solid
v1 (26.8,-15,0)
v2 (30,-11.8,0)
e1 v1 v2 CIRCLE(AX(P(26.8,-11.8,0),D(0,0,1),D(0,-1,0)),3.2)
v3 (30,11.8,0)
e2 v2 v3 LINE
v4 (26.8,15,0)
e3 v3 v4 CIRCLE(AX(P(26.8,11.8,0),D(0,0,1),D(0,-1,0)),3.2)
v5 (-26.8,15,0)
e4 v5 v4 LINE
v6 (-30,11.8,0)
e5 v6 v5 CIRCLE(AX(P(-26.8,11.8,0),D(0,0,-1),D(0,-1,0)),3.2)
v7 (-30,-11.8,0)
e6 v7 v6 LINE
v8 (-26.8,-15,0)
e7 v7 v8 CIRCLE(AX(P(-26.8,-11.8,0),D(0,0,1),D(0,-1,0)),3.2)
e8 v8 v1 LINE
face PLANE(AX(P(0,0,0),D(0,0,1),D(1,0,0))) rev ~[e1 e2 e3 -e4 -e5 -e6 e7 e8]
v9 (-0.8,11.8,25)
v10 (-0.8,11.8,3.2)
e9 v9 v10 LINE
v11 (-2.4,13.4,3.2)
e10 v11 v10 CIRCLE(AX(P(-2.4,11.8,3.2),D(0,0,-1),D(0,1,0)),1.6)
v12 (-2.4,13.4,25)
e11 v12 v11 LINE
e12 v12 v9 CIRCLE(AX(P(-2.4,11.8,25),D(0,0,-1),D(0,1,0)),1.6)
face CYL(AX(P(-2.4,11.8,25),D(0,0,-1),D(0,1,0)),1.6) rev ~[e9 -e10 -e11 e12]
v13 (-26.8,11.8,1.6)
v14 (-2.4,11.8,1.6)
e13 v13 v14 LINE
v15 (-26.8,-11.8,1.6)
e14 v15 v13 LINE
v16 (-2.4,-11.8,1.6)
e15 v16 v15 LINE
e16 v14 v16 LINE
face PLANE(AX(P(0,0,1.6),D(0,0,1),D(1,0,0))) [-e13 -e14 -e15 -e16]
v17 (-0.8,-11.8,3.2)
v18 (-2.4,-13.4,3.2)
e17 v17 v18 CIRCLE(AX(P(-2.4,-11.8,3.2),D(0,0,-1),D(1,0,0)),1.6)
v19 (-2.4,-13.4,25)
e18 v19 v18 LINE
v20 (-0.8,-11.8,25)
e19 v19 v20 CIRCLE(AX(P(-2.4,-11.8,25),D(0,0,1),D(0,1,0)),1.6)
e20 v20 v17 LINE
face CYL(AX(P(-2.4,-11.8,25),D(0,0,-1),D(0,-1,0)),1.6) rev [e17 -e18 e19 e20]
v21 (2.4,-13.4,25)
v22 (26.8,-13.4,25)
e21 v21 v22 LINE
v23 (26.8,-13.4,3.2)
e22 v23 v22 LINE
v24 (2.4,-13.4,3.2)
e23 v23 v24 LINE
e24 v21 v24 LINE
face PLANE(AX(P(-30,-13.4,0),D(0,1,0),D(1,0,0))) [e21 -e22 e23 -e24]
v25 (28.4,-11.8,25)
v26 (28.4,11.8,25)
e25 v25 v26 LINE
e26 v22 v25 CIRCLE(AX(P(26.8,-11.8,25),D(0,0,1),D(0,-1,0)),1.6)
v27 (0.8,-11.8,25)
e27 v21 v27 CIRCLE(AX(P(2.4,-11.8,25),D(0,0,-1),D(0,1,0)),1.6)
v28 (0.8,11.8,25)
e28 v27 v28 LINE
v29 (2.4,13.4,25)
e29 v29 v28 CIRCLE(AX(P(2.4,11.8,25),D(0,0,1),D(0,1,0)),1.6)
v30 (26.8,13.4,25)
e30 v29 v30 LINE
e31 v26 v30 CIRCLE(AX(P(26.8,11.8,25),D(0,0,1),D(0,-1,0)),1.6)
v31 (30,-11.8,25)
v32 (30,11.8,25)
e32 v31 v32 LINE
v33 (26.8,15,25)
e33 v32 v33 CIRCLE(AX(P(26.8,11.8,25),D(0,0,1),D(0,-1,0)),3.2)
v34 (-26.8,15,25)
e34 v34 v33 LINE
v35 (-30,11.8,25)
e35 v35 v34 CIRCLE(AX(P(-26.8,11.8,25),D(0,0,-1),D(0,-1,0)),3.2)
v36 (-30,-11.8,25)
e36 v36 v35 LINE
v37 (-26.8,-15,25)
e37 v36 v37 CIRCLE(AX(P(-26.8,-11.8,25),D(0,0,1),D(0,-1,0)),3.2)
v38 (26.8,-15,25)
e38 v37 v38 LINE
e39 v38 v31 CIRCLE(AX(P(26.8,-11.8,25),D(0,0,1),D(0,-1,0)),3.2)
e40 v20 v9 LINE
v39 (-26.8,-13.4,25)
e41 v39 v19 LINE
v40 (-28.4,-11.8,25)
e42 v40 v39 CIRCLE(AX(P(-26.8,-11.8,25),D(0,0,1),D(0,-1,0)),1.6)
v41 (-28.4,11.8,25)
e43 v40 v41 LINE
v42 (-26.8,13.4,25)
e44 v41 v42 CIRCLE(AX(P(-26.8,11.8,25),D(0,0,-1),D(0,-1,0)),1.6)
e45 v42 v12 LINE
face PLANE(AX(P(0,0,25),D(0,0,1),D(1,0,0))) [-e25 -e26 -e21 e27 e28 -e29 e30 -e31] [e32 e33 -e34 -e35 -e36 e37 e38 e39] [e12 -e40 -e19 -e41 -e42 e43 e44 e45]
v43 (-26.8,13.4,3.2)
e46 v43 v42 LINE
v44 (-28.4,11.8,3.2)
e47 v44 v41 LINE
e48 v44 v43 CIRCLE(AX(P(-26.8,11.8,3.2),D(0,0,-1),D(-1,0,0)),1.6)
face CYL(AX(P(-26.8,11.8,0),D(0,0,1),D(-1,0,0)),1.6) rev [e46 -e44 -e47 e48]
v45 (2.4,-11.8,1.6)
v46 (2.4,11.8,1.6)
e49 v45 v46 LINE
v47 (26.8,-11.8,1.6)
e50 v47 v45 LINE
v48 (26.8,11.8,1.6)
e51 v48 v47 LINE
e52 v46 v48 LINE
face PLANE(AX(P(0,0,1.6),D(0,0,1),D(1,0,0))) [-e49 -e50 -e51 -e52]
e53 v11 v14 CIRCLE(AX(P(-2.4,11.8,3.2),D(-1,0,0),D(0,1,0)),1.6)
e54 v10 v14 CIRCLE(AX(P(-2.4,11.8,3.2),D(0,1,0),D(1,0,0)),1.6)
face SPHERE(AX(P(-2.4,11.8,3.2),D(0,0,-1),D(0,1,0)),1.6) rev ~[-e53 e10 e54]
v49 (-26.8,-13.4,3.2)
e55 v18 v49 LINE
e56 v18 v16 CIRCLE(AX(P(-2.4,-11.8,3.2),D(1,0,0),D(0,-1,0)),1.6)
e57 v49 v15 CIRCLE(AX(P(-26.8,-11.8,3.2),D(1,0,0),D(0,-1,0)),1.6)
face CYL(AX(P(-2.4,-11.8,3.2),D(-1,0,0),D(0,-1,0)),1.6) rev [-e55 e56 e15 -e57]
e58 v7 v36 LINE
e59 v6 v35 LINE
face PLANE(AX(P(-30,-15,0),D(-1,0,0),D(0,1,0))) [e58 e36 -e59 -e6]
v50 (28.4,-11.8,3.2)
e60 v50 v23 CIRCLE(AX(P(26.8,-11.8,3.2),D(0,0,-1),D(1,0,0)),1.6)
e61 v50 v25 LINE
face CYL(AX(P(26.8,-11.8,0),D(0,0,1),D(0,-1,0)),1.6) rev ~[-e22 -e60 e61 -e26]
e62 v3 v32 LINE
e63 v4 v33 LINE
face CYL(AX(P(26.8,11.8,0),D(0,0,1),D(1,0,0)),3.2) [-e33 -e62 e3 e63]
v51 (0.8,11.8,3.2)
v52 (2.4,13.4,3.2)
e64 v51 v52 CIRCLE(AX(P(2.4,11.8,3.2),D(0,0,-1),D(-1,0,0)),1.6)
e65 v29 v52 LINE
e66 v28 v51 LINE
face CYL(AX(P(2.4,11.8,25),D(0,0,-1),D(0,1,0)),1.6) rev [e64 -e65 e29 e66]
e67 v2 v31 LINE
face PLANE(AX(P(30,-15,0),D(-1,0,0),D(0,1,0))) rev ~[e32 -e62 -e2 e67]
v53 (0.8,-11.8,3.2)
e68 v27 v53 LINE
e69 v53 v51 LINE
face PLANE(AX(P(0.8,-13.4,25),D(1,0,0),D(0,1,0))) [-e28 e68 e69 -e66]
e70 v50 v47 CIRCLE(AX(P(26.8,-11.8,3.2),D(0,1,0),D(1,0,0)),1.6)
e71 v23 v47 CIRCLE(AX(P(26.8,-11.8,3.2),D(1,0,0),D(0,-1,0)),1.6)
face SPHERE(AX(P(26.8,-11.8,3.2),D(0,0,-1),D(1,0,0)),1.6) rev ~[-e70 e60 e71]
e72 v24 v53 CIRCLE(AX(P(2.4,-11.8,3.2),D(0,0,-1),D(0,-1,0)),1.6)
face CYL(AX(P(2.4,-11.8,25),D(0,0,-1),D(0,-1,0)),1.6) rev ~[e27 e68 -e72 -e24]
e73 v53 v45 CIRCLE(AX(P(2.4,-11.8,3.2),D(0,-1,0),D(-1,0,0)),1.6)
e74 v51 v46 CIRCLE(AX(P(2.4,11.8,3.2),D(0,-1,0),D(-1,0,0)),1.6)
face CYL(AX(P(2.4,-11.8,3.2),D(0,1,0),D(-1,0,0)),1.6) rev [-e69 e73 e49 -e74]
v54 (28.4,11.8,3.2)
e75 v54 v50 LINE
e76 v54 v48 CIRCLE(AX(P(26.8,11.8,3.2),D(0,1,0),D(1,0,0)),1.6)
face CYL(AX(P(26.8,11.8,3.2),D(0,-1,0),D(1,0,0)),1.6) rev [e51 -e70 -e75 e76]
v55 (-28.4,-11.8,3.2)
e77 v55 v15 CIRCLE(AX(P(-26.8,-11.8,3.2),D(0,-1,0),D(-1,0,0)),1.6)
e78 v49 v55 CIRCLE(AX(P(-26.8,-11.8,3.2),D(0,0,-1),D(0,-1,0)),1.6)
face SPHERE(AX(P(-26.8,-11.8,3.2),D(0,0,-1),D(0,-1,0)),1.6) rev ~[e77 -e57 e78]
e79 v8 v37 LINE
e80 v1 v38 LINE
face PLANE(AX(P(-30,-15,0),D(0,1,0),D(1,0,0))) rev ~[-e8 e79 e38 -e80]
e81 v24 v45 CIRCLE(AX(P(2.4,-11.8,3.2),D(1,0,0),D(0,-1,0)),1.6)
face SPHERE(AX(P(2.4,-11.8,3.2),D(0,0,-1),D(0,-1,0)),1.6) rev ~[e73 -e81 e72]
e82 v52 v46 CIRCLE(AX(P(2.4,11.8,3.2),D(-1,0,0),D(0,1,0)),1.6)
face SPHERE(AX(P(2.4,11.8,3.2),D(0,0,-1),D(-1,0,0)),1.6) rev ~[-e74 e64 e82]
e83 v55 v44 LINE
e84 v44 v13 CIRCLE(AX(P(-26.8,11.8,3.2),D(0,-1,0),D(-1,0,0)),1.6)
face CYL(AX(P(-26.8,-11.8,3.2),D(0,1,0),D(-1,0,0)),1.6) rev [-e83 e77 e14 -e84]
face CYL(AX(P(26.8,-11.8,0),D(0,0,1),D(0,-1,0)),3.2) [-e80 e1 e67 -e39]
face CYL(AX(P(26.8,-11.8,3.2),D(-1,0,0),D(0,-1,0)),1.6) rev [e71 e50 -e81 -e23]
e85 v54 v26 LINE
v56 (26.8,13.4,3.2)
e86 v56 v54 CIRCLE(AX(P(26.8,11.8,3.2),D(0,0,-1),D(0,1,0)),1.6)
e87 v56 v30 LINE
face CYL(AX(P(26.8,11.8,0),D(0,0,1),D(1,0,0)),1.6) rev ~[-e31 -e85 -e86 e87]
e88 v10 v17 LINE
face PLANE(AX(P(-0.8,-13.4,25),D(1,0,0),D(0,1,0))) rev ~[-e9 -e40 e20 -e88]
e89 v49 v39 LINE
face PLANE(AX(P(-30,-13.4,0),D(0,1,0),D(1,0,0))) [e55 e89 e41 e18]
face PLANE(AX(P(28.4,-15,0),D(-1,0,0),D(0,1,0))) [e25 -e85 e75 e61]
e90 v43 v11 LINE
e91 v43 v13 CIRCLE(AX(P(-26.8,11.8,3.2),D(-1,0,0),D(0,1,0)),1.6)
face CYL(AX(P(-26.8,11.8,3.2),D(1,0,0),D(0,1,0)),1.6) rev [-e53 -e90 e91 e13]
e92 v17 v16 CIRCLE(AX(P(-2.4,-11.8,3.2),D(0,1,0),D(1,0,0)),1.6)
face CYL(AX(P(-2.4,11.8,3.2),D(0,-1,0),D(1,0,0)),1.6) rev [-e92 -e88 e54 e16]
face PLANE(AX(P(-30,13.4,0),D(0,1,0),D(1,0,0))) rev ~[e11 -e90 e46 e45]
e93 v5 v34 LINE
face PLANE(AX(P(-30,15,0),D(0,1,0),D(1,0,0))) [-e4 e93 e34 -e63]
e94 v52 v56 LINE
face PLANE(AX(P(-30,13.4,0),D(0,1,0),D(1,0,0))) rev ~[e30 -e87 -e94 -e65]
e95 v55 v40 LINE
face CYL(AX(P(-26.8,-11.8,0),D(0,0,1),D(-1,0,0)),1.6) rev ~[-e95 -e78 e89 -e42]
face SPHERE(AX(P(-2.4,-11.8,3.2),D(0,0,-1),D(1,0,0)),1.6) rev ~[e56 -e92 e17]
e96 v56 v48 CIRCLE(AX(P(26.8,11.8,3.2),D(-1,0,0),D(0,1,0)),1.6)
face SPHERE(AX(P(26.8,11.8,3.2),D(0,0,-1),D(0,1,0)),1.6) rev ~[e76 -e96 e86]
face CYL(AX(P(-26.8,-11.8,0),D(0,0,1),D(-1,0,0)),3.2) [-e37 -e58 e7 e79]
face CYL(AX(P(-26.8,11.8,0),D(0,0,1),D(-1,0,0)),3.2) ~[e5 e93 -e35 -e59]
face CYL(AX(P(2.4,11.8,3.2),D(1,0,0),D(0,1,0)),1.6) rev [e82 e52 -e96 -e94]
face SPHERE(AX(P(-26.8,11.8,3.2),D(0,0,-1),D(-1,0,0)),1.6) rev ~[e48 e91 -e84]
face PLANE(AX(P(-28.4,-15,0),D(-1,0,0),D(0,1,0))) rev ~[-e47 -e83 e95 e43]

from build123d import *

# Parameters (mm, degrees)
F0_W     = 60
F0_H     = 30
F1_DEPTH = 25
F2_R     = 3.2
F3_T     = -1.6
F4_W     = 1.6
F4_H     = 26.8
F5_DEPTH = 23.4
F6_R     = 1.6
F7_R     = 1.6


with BuildPart() as f1:
    # F0 (on Top) → F1 (new body)
    with BuildSketch(Plane.XY):
        Rectangle(F0_W, F0_H)
    extrude(amount=F1_DEPTH)

    # F2
    f2_edges = [f1.edges().sort_by_distance(p)[0] for p in [
        (-30, 15, 12.5),
        (-30, -15, 12.5),
        (30, -15, 12.5),
        (30, 15, 12.5),
    ]]
    fillet(f2_edges, radius=F2_R)

    # F3
    f3_openings = [f1.faces().sort_by_distance(p)[0] for p in [
        (0, 0, 25),
    ]]
    offset(amount=F3_T, openings=f3_openings)

    # F4 (on face) → F5 (join, through all)
    with BuildSketch(Plane.XY.offset(25)):
        Rectangle(F4_W, F4_H)
    extrude(amount=-F5_DEPTH)

    # F6
    f6_edges = [f1.edges().sort_by_distance(p)[0] for p in [
        (-0.8, 13.4, 13.3),
        (0.8, 13.4, 13.3),
        (-0.8, -13.4, 13.3),
        (0.8, -13.4, 13.3),
    ]]
    fillet(f6_edges, radius=F6_R)

    # F7
    f7_edges = [f1.edges().sort_by_distance(p)[0] for p in [
        (-14.6, 13.4, 1.6),
        (14.6, 13.4, 1.6),
    ]]
    fillet(f7_edges, radius=F7_R)


solid = f1.part
